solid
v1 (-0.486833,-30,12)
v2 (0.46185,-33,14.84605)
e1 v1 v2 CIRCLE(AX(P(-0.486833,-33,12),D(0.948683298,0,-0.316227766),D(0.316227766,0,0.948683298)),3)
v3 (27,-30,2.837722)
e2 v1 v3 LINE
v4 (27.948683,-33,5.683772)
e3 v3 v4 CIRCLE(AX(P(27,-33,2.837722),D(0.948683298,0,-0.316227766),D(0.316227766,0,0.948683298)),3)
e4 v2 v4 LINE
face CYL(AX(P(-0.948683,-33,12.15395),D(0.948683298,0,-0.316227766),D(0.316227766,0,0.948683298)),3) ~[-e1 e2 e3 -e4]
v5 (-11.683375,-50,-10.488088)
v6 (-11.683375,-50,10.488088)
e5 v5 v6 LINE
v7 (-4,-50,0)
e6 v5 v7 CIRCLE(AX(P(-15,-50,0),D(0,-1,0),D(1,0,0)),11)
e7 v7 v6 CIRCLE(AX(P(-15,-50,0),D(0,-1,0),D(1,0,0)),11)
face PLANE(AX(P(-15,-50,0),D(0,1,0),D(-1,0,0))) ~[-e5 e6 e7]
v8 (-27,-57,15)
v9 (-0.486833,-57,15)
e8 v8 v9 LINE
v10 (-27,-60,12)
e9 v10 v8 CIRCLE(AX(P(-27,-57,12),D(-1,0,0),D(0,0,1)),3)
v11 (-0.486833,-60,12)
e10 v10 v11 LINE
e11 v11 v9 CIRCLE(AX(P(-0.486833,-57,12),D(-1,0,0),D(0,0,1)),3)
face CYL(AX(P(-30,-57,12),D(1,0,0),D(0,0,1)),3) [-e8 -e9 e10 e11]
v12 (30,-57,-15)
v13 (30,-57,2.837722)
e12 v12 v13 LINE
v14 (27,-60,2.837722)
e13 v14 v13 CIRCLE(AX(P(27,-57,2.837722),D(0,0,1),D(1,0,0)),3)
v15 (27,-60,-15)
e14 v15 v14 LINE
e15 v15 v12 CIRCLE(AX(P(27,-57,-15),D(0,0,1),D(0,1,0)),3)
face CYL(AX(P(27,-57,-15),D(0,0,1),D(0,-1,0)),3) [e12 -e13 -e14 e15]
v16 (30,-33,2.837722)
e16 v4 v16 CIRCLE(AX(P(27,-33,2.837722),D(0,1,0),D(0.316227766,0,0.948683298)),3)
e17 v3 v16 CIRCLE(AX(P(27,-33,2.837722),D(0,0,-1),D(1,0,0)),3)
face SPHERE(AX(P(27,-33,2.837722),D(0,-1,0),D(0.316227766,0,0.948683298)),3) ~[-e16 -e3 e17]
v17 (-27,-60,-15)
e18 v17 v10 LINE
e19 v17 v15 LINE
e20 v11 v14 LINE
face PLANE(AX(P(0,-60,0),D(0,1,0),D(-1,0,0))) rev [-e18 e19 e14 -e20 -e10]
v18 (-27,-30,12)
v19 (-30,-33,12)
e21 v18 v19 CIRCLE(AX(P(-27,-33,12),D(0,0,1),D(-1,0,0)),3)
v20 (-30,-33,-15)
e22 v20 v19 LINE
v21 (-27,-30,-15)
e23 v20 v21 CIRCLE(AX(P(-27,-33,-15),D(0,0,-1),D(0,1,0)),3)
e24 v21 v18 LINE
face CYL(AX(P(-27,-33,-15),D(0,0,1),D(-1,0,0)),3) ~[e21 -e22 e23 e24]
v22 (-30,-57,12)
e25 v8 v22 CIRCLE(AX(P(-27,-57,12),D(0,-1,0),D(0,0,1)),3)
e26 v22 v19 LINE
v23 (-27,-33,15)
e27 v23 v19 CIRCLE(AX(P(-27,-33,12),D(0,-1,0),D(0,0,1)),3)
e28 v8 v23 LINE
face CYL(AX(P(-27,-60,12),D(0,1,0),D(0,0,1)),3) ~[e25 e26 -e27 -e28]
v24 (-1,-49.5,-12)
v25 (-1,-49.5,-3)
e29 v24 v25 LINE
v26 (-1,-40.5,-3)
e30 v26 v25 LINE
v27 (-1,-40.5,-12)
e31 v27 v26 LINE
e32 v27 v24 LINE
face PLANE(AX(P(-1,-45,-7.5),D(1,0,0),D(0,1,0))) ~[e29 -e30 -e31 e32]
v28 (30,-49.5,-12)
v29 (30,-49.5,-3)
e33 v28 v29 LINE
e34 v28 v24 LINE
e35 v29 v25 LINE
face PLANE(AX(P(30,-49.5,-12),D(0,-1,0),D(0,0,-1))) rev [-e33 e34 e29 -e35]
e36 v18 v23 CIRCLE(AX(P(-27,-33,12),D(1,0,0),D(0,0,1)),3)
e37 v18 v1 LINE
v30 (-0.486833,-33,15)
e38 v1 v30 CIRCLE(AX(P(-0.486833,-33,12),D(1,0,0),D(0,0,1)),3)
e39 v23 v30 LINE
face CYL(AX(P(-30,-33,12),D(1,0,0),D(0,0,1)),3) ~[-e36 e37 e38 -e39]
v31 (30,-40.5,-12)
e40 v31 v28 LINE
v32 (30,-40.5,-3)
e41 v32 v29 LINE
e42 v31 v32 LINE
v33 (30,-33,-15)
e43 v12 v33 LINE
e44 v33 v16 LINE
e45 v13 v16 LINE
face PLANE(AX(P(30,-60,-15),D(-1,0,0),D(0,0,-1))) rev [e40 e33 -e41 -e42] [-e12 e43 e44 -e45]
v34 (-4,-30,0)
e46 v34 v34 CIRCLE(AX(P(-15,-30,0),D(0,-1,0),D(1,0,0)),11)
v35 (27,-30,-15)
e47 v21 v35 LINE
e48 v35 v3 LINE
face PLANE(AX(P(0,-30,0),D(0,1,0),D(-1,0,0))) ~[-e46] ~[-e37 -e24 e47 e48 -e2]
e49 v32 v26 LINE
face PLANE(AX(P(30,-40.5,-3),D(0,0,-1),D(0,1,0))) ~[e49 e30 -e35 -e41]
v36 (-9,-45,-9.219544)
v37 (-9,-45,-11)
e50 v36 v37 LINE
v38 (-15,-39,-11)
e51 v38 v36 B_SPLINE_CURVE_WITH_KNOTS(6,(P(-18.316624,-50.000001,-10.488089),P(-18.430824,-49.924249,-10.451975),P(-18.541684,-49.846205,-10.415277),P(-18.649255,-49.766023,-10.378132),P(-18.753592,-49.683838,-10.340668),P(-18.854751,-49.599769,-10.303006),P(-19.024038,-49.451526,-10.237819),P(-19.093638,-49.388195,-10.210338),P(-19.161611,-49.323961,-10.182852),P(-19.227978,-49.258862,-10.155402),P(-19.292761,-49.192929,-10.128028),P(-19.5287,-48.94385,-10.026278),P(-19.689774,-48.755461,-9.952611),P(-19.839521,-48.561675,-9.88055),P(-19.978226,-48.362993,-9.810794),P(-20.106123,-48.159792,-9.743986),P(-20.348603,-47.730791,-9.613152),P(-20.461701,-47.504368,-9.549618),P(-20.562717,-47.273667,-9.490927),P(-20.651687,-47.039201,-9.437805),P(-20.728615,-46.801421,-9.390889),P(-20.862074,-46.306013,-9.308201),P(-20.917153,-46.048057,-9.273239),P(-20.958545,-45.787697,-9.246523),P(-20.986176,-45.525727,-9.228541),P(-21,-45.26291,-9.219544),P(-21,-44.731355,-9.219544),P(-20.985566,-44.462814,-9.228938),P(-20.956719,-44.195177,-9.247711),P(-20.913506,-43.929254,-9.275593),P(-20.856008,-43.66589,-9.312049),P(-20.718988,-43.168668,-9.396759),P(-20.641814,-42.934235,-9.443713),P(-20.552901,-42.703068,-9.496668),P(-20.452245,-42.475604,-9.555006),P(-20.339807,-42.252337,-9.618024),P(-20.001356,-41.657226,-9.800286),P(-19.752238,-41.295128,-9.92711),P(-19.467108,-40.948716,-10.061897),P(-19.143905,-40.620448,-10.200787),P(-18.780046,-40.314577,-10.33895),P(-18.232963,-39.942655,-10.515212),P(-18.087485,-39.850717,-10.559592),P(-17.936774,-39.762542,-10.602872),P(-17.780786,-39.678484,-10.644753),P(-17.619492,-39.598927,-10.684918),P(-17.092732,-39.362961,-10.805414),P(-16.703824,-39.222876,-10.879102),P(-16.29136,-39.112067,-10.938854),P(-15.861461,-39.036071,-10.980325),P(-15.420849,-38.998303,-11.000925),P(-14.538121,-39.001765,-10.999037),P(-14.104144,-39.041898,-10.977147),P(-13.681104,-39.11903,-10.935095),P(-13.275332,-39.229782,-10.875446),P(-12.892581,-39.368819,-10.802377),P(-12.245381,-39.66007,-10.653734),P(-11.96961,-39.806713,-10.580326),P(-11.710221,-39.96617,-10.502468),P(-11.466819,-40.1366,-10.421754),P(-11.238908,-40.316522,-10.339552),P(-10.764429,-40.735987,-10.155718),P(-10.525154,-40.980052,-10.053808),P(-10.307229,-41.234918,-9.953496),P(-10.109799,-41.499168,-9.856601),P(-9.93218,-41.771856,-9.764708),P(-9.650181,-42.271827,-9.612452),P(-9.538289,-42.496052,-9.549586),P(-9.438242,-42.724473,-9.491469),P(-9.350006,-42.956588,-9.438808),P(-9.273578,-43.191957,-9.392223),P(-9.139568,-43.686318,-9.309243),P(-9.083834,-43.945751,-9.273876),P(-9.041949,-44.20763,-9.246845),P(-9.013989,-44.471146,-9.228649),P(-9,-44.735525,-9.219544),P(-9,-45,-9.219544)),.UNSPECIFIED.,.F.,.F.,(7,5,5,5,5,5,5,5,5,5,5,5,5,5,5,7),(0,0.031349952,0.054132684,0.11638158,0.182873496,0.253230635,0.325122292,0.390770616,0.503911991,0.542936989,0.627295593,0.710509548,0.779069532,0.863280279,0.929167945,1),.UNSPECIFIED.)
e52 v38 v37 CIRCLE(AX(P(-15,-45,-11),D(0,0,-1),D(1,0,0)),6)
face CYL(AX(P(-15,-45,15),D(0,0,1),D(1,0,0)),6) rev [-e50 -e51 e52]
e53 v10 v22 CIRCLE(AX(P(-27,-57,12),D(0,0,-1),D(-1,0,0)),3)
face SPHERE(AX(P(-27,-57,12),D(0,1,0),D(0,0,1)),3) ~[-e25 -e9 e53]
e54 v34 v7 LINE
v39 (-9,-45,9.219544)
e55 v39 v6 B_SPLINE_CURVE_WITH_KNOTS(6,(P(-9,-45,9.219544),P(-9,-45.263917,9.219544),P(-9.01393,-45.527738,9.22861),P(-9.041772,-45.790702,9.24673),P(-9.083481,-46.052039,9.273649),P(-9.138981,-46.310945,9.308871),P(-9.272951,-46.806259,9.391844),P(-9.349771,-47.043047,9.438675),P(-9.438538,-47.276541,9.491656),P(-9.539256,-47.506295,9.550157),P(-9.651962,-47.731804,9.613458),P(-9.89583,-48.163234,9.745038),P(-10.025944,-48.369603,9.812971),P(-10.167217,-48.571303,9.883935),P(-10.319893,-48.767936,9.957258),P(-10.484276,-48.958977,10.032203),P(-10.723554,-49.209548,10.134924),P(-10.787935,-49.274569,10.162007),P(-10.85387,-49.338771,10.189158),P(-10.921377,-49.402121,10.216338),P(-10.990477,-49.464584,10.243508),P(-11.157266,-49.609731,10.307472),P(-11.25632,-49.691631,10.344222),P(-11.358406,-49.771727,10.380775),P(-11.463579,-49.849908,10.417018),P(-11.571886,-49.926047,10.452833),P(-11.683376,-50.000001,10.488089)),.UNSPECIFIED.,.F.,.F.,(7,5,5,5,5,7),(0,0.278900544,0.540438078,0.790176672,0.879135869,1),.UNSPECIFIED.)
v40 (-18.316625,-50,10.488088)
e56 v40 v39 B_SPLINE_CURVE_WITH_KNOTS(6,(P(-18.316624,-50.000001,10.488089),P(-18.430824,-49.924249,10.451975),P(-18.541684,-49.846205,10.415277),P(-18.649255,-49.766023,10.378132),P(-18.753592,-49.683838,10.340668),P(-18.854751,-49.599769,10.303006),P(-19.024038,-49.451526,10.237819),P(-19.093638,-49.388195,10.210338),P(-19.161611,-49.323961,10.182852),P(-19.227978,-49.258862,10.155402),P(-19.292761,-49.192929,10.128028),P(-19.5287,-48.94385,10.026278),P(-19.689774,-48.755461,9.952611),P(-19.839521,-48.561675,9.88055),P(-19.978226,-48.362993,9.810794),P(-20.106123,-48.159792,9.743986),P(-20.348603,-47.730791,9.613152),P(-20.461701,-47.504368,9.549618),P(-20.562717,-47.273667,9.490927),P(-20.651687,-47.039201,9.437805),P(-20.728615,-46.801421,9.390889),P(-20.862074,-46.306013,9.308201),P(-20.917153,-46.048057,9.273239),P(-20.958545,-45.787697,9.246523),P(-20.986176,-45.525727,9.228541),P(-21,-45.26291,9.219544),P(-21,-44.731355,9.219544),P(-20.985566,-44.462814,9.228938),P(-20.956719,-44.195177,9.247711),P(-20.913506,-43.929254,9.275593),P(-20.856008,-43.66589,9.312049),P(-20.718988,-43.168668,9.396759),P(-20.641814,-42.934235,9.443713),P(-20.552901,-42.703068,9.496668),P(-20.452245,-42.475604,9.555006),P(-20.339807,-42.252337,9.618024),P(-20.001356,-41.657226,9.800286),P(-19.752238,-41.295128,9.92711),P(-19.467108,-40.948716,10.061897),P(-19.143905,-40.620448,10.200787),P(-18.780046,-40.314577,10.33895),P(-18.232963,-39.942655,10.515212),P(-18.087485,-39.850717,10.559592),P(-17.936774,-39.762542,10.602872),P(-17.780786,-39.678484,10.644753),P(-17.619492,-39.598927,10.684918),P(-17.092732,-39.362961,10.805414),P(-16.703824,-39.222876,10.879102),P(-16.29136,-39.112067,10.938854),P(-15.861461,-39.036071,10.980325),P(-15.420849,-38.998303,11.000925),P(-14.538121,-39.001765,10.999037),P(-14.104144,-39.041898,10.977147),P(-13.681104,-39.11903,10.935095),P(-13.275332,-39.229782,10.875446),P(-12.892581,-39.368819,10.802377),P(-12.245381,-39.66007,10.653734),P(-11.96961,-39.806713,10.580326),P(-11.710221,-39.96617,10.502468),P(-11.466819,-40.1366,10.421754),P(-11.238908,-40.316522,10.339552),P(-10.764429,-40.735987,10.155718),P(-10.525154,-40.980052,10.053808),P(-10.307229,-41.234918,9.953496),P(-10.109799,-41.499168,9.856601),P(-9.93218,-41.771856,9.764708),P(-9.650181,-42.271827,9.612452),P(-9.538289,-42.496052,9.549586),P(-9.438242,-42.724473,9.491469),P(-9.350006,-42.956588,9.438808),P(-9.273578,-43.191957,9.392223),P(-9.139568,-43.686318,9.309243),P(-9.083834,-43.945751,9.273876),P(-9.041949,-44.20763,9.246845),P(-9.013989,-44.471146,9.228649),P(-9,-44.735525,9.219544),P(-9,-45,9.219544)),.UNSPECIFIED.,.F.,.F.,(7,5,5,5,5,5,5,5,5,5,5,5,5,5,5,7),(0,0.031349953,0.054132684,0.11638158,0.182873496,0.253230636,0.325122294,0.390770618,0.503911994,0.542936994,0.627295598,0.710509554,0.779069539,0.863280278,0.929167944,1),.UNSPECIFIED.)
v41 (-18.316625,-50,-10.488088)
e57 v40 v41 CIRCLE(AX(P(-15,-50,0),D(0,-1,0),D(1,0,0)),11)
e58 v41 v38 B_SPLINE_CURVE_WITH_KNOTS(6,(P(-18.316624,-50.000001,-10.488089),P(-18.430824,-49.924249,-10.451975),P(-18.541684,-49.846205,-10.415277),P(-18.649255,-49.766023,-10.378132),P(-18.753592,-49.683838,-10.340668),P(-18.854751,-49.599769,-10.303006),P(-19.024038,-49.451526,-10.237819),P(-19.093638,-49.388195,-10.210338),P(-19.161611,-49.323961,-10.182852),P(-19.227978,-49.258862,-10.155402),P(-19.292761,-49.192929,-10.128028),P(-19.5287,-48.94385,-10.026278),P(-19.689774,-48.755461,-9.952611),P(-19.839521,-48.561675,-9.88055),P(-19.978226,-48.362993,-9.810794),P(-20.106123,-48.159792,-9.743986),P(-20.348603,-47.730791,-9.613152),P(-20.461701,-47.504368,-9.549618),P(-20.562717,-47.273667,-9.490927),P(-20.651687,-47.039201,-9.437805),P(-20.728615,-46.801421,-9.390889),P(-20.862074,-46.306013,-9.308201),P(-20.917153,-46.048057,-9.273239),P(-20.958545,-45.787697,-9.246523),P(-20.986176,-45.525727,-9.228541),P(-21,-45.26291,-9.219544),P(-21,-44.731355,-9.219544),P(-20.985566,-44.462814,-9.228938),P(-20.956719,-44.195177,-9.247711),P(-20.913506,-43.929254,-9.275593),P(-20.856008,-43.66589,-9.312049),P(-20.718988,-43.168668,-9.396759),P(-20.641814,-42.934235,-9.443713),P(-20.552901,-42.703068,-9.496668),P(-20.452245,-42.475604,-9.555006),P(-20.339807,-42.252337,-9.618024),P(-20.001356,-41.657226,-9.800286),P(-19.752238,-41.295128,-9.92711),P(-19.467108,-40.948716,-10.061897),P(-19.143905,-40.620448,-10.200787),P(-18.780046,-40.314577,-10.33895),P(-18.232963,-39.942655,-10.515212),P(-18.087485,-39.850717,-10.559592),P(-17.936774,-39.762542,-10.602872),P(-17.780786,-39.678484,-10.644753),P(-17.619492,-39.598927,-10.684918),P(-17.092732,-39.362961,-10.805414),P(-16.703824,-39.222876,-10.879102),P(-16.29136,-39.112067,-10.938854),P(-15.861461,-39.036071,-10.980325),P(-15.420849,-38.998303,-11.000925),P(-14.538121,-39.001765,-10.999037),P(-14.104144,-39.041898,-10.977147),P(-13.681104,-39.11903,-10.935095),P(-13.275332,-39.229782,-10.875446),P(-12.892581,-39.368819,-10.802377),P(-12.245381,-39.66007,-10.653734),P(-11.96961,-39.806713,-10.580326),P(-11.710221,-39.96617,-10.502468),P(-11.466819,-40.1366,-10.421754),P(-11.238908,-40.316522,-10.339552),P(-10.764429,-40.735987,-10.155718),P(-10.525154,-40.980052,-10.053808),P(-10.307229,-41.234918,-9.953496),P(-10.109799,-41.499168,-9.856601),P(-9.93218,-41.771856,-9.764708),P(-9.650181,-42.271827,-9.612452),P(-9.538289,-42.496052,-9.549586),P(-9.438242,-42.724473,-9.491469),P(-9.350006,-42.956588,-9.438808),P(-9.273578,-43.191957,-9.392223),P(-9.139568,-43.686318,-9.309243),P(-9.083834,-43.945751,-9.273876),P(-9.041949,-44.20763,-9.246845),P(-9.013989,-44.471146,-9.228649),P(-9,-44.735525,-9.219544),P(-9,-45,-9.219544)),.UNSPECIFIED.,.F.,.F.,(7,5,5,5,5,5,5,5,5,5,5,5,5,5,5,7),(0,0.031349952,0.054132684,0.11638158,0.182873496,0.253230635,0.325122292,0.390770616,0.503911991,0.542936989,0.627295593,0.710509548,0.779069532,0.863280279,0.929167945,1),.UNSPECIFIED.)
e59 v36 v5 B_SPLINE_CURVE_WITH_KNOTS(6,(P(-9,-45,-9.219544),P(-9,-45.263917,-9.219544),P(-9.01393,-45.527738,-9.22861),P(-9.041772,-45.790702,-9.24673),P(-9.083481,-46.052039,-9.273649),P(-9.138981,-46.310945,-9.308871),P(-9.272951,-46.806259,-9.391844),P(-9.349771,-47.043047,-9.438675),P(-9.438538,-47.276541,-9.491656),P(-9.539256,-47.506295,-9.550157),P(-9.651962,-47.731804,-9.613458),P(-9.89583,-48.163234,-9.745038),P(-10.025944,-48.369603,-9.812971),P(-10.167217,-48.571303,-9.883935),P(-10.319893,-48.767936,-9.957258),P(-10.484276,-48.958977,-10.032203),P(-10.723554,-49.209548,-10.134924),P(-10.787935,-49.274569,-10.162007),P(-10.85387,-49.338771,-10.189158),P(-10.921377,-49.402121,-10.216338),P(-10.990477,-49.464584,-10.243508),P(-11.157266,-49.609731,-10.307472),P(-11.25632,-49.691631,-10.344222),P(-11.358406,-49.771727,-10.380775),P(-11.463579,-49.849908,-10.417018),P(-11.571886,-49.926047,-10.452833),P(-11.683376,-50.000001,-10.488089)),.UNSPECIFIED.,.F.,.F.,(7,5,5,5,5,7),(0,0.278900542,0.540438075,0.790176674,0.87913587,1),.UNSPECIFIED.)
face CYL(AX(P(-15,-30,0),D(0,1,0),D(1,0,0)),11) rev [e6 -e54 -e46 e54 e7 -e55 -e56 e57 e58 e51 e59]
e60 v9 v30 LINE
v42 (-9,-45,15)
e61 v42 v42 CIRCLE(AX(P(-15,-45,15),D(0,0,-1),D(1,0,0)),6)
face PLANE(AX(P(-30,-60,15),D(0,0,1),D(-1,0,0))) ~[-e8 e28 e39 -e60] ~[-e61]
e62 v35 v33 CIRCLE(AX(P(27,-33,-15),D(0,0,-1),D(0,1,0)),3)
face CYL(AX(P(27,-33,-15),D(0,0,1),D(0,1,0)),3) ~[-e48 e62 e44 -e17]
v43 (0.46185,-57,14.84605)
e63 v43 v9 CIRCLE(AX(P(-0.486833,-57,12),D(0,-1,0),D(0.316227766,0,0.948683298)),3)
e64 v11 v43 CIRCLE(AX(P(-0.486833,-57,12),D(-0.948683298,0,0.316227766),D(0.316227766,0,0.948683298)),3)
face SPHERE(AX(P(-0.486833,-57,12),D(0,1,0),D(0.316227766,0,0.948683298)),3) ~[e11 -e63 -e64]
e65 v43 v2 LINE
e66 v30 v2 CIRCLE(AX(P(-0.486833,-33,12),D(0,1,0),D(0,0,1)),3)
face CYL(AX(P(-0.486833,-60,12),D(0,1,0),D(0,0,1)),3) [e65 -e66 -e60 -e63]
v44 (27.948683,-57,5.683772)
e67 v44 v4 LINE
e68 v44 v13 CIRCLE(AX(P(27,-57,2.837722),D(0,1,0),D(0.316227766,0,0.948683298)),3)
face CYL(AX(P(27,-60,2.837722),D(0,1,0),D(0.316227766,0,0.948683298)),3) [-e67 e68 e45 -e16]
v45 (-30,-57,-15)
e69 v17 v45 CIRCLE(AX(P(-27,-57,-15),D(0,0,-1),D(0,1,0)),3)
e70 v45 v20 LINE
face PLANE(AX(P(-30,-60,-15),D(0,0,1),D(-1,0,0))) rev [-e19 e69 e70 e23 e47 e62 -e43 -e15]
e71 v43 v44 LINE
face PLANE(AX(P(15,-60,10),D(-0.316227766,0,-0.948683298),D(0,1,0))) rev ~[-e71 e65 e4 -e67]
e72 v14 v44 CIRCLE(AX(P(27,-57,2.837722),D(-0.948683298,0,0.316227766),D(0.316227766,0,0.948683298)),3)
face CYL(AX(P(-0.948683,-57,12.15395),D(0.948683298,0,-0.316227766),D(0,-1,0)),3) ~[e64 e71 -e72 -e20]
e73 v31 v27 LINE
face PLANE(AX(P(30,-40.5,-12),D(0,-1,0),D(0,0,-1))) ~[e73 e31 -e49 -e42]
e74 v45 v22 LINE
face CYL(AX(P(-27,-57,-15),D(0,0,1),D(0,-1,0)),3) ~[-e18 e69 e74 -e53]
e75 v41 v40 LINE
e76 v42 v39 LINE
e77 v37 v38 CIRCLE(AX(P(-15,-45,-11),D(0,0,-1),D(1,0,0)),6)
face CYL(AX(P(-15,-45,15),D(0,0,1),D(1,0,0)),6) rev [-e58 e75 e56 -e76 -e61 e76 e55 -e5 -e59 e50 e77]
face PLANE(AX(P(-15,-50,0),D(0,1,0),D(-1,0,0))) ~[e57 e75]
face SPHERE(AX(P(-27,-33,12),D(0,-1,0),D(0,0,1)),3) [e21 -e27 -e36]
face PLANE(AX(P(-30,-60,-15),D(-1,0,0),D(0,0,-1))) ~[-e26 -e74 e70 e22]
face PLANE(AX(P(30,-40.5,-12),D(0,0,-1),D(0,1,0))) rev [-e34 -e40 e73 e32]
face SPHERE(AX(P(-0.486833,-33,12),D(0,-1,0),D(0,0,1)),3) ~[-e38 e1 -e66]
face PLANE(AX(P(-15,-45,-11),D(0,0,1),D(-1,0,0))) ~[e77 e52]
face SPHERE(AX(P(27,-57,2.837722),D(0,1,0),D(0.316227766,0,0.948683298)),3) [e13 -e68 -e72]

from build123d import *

# Parameters (mm, degrees)
F0_W     = 60
F0_H     = 30
F1_DEPTH = 30
F2_R     = 11
F3_DEPTH = 20
F4_W     = 9
F4_H     = 9
F5_DEPTH = 31
F6_R     = 6
F7_DEPTH = 26
F8_SIZE2 = 10
F8_SIZE  = 30
F9_R     = 3


with BuildPart() as f1:
    # F0 (on Front) → F1 (new body)
    with BuildSketch(Plane.XZ):
        Rectangle(F0_W, F0_H)
    extrude(amount=F1_DEPTH)

    # F2 (on face) → F3 (cut)
    with BuildSketch(Plane.XZ.offset(30)):
        with Locations((-15, 0)):
            Circle(F2_R)
    extrude(amount=-F3_DEPTH, mode=Mode.SUBTRACT)

    # F4 (on face) → F5 (cut)
    with BuildSketch(Plane.YZ.offset(30)):
        with Locations((-15, -7.5)):
            Rectangle(F4_W, F4_H)
    extrude(amount=-F5_DEPTH, mode=Mode.SUBTRACT)

    # F6 (on face) → F7 (cut)
    with BuildSketch(Plane.XY.offset(15)):
        with Locations((-15, -15)):
            Circle(F6_R)
    extrude(amount=-F7_DEPTH, mode=Mode.SUBTRACT)

    # F8
    f8_edges = [f1.edges().sort_by_distance(p)[0] for p in [
        (30, -15, 15),
    ]]
    f8_side = f1.faces().sort_by_distance((1.005666, -15, 15))[0]
    chamfer(f8_edges, length=F8_SIZE, length2=F8_SIZE2, reference=f8_side)

    # F9
    f9_edges = [f1.edges().sort_by_distance(p)[0] for p in [
        (-30, -15, 15),
        (-15, 0, 15),
        (0, -15, 15),
        (30, -15, 5),
        (-15, -30, 15),
        (15, -30, 10),
        (15, 0, 10),
        (30, -30, -5),
        (30, 0, -5),
        (-30, 0, 0),
        (-30, -30, 0),
    ]]
    fillet(f9_edges, radius=F9_R)


with BuildPart() as f10_1:
    # F10: instance of F1
    add(f1.part.mirror(Plane.XZ.offset(30)))


solid = f10_1.part
